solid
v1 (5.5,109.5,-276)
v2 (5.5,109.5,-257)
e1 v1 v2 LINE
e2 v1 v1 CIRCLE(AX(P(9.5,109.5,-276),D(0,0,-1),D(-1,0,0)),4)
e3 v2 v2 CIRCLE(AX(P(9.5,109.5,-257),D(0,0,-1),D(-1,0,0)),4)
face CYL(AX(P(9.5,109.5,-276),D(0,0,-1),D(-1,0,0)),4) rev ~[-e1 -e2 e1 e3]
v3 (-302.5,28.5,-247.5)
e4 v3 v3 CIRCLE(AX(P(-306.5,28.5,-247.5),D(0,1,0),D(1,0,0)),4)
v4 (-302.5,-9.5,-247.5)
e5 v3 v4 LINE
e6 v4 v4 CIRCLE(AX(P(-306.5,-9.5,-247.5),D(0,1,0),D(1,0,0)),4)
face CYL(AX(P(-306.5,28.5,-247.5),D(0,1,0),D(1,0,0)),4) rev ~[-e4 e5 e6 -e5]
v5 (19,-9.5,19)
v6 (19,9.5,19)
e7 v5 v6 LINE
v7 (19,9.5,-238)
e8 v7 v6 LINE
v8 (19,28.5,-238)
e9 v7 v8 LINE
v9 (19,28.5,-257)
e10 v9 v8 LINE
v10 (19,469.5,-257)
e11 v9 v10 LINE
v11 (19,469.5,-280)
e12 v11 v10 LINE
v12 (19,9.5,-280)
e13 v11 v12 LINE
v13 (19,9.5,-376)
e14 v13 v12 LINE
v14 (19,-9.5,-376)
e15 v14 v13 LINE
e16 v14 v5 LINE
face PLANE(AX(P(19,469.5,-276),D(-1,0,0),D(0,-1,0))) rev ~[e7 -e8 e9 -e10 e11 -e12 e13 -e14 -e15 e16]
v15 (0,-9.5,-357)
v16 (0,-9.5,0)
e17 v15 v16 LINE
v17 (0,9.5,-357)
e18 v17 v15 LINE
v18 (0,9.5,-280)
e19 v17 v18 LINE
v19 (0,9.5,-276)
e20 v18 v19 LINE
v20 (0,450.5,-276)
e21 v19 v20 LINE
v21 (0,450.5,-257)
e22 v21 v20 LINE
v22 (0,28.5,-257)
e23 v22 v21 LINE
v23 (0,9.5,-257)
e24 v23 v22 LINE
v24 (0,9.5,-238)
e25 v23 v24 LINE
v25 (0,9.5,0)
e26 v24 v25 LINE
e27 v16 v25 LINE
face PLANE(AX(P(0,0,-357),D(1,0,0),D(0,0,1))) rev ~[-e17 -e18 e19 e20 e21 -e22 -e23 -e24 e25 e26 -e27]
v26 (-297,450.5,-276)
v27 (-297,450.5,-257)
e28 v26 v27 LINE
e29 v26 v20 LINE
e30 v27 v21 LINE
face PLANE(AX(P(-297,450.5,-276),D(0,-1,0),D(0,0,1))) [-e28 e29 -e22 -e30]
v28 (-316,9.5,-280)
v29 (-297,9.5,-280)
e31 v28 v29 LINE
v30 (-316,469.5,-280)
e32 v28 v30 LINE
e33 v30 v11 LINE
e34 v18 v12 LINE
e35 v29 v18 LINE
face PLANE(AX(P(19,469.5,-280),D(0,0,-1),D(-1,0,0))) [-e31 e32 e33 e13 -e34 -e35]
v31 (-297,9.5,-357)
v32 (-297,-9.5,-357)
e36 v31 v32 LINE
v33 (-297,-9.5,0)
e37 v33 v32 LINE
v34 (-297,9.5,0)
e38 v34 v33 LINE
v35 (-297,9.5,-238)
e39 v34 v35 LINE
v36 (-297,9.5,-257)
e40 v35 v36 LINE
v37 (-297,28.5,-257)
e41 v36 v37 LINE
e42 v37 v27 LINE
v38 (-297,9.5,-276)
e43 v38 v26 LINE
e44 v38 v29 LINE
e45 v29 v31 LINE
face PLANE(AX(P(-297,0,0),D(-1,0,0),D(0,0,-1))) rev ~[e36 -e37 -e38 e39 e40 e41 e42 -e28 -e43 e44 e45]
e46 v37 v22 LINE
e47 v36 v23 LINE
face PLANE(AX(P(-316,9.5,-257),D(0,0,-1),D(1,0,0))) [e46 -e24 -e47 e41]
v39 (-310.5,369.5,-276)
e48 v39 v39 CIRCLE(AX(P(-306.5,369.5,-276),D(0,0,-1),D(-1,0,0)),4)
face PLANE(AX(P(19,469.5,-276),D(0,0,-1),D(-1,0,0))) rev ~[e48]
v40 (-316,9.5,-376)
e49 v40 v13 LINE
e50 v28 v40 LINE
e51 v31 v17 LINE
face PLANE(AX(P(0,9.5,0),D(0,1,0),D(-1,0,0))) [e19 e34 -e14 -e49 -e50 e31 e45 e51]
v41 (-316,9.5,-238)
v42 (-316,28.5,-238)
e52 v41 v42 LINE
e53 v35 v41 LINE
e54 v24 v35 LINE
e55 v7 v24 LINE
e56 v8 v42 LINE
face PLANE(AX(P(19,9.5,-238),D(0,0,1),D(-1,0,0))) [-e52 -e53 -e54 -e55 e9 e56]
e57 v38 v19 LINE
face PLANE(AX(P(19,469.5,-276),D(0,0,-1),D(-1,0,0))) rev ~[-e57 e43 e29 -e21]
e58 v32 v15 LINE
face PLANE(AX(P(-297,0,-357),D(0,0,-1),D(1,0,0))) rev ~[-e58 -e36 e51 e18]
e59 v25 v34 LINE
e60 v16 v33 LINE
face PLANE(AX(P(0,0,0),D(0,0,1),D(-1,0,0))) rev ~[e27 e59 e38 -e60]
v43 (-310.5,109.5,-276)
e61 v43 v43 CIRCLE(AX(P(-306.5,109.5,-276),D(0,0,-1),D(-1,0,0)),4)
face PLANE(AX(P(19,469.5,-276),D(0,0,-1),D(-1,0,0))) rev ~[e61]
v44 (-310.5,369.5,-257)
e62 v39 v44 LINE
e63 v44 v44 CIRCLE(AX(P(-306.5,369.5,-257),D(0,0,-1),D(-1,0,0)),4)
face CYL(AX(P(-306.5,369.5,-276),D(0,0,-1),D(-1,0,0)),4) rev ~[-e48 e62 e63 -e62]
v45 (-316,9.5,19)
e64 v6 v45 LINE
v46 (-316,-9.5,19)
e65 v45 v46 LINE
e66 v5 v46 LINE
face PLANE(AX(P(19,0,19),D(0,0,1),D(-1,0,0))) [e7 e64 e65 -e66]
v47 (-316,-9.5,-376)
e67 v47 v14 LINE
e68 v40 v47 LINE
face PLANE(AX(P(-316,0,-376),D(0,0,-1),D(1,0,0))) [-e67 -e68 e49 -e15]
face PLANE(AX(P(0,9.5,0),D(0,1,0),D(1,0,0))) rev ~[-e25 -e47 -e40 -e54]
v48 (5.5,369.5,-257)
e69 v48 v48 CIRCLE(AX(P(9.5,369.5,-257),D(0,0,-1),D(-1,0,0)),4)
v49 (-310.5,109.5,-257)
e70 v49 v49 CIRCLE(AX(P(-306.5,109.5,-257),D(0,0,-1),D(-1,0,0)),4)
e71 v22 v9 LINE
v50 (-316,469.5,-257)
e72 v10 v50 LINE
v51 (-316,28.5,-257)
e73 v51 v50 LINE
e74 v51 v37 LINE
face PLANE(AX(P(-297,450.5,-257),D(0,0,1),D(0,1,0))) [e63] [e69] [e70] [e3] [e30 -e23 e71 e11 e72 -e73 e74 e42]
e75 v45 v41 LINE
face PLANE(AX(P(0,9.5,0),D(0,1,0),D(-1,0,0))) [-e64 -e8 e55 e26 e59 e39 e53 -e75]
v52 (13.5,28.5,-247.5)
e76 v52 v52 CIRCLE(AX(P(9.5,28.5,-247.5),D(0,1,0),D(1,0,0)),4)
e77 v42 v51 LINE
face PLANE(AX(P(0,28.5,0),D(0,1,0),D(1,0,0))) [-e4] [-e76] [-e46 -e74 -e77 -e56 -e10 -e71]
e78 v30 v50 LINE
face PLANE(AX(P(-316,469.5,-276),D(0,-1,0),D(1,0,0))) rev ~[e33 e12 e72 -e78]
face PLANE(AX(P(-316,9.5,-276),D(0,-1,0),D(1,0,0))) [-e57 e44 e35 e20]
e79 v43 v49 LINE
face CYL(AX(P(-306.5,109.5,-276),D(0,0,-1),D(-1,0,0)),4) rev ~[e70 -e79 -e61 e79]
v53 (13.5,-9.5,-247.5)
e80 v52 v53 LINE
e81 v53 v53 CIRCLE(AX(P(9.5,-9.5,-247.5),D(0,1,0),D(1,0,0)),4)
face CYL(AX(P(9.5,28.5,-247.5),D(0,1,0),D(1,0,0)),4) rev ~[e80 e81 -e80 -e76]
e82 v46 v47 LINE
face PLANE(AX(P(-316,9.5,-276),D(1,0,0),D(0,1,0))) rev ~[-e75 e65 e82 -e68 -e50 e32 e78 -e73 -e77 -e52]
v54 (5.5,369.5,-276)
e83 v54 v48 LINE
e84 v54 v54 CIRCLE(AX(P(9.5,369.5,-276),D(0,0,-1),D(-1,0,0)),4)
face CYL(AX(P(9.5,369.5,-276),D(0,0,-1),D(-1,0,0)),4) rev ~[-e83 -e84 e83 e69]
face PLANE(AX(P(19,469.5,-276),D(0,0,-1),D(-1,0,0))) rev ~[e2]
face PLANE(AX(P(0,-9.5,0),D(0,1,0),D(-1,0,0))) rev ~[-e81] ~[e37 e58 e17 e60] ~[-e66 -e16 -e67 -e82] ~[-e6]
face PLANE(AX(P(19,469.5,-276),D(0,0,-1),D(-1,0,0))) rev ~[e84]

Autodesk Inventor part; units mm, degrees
ref_plane "YZ Plane" through (0, 0, 0) normal (1, 0, 0) x (0, 1, 0)
ref_plane "XZ Plane" through (0, 0, 0) normal (0, 1, 0) x (-1, 0, 0)
ref_plane "XY Plane" through (0, 0, 0) normal (0, 0, 1) x (1, 0, 0)
sketch "Sketch1" plane through (0, 0, 0) normal (0, 1, 0) x (-1, 0, 0)
  line L0 (0, 0) -> (297, 0)
  line L1 (297, 0) -> (297, -357)
  line L2 (297, -357) -> (0, -357)
  line L3 (0, -357) -> (0, 0)
  line L4 (-19, 19) -> (316, 19)
  line L5 (316, 19) -> (316, -376)
  line L6 (316, -376) -> (-19, -376)
  line L7 (-19, -376) -> (-19, 19)
  dimension "d2" = 19
  dimension "d3" = 19
  dimension "d4" = 19
  dimension "d5" = 19
  dimension "d6" = 395
  dimension "d7" = 335
extrude "Extrusion1" add sketch "Sketch1" along normal mid plane 19
sketch "Sketch3" plane through (0, 9.5, 0) normal (0, 1, 0) x (1, 0, 0)
  line L0 (-316, 376) -> (-316, -19) projected
  line L1 (-316, 276) -> (-297, 276)
  line L2 (-297, 276) -> (-297, 257)
  line L3 (-297, 257) -> (-316, 257)
  line L4 (-316, 257) -> (-316, 276)
  line L5 (0, 357) -> (0, 0) projected
  line L6 (19, 376) -> (19, -19) projected
  line L7 (0, 276) -> (19, 276)
  line L8 (19, 276) -> (19, 257)
  line L9 (19, 257) -> (0, 257)
  line L10 (0, 257) -> (0, 276)
  line L11 (19, 376) -> (-316, 376) projected
  dimension "d26" = 19
  dimension "d27" = 19
  dimension "d28" = 100
extrude "Extrusion2" add sketch "Sketch3" along normal blind 460
sketch "Sketch4" plane through (-297, -9.5, 0) normal (1, 0, 0) x (0, 0, -1)
  line L0 (257, 19) -> (257, 479) projected
  line L1 (276, 19) -> (276, 479) projected
  line L2 (257, 479) -> (276, 479)
  line L3 (276, 479) -> (276, 460)
  line L4 (276, 460) -> (257, 460)
  line L5 (257, 460) -> (257, 479)
  point P0 (0, 9.5)
  dimension "d31" = 19
extrude "Extrusion3" add sketch "Sketch4" along normal blind 316
sketch "Sketch5" plane through (19, 469.5, -276) normal (0, 0, -1) x (-1, 0, 0)
  circle A0 centre (9.5, -100) radius 4
  circle A1 centre (325.5, -100) radius 4
  circle A2 centre (9.5, -360) radius 4
  circle A3 centre (325.5, -360) radius 4
  line L0 (335, -460) -> (335, 0) projected
  line L1 (0, 0) -> (335, 0) projected
  line L2 (19, -460) -> (19, -19) projected
  line L3 (0, -460) -> (335, -460) projected
  line L4 (0, -460) -> (0, 0) projected
  point P0 (19, -469.5)
  dimension "d34" = 8
  dimension "d35" = 8
  dimension "d36" = 8
  dimension "d37" = 8
  dimension "d38" = 9.5
  dimension "d39" = 100
  dimension "d40" = 100
  dimension "d41" = 9.5
  dimension "d42" = 9.5
  dimension "d43" = 100
  dimension "d44" = 100
  dimension "d45" = 9.5
extrude "Extrusion4" cut sketch "Sketch5" against normal blind 19 contours A0 | A1 | A2 | A3
sketch "Sketch6" plane through (0, 9.5, 0) normal (0, 1, 0) x (1, 0, 0)
  line L0 (19, 376) -> (19, -19) projected
  line L1 (-316, 257) -> (19, 257)
  line L2 (19, 257) -> (19, 238)
  line L3 (19, 238) -> (-316, 238)
  line L4 (-316, 238) -> (-316, 257)
  line L5 (19, 376) -> (-316, 376) projected
  point P0 (0, 0)
  dimension "d48" = 19
  dimension "d49" = 335
  dimension "d51" = 119
extrude "Extrusion5" add sketch "Sketch6" along normal blind 19
sketch "Sketch7" plane through (0, 28.5, 0) normal (0, 1, 0) x (1, 0, 0)
  circle A0 centre (-306.5, 247.5) radius 4
  circle A1 centre (9.5, 247.5) radius 4
  line L0 (19, 238) -> (19, 257) projected
  line L1 (-316, 238) -> (19, 238) projected
  line L2 (-316, 257) -> (-316, 238) projected
  point P0 (0, 0)
  dimension "d54" = 8
  dimension "d55" = 8
  dimension "d56" = 9.5
  dimension "d57" = 9.5
  dimension "d58" = 9.5
  dimension "d59" = 9.5
extrude "Extrusion6" cut sketch "Sketch7" against normal blind 39
sketch "Sketch8" plane through (19, 469.5, -276) normal (0, 0, -1) x (-1, 0, 0)
  line L0 (335, -460) -> (0, -460) projected
  line L1 (335, -460) -> (335, 0) projected
  line L2 (0, -460) -> (335, -460)
  line L3 (335, -460) -> (335, 0)
  line L4 (335, 0) -> (0, 0)
  line L5 (0, 0) -> (0, -460)
  point P0 (19, -469.5)
extrude "Extrusion7" add sketch "Sketch8" along normal blind 4
properties part number "Test stand v1.2"
